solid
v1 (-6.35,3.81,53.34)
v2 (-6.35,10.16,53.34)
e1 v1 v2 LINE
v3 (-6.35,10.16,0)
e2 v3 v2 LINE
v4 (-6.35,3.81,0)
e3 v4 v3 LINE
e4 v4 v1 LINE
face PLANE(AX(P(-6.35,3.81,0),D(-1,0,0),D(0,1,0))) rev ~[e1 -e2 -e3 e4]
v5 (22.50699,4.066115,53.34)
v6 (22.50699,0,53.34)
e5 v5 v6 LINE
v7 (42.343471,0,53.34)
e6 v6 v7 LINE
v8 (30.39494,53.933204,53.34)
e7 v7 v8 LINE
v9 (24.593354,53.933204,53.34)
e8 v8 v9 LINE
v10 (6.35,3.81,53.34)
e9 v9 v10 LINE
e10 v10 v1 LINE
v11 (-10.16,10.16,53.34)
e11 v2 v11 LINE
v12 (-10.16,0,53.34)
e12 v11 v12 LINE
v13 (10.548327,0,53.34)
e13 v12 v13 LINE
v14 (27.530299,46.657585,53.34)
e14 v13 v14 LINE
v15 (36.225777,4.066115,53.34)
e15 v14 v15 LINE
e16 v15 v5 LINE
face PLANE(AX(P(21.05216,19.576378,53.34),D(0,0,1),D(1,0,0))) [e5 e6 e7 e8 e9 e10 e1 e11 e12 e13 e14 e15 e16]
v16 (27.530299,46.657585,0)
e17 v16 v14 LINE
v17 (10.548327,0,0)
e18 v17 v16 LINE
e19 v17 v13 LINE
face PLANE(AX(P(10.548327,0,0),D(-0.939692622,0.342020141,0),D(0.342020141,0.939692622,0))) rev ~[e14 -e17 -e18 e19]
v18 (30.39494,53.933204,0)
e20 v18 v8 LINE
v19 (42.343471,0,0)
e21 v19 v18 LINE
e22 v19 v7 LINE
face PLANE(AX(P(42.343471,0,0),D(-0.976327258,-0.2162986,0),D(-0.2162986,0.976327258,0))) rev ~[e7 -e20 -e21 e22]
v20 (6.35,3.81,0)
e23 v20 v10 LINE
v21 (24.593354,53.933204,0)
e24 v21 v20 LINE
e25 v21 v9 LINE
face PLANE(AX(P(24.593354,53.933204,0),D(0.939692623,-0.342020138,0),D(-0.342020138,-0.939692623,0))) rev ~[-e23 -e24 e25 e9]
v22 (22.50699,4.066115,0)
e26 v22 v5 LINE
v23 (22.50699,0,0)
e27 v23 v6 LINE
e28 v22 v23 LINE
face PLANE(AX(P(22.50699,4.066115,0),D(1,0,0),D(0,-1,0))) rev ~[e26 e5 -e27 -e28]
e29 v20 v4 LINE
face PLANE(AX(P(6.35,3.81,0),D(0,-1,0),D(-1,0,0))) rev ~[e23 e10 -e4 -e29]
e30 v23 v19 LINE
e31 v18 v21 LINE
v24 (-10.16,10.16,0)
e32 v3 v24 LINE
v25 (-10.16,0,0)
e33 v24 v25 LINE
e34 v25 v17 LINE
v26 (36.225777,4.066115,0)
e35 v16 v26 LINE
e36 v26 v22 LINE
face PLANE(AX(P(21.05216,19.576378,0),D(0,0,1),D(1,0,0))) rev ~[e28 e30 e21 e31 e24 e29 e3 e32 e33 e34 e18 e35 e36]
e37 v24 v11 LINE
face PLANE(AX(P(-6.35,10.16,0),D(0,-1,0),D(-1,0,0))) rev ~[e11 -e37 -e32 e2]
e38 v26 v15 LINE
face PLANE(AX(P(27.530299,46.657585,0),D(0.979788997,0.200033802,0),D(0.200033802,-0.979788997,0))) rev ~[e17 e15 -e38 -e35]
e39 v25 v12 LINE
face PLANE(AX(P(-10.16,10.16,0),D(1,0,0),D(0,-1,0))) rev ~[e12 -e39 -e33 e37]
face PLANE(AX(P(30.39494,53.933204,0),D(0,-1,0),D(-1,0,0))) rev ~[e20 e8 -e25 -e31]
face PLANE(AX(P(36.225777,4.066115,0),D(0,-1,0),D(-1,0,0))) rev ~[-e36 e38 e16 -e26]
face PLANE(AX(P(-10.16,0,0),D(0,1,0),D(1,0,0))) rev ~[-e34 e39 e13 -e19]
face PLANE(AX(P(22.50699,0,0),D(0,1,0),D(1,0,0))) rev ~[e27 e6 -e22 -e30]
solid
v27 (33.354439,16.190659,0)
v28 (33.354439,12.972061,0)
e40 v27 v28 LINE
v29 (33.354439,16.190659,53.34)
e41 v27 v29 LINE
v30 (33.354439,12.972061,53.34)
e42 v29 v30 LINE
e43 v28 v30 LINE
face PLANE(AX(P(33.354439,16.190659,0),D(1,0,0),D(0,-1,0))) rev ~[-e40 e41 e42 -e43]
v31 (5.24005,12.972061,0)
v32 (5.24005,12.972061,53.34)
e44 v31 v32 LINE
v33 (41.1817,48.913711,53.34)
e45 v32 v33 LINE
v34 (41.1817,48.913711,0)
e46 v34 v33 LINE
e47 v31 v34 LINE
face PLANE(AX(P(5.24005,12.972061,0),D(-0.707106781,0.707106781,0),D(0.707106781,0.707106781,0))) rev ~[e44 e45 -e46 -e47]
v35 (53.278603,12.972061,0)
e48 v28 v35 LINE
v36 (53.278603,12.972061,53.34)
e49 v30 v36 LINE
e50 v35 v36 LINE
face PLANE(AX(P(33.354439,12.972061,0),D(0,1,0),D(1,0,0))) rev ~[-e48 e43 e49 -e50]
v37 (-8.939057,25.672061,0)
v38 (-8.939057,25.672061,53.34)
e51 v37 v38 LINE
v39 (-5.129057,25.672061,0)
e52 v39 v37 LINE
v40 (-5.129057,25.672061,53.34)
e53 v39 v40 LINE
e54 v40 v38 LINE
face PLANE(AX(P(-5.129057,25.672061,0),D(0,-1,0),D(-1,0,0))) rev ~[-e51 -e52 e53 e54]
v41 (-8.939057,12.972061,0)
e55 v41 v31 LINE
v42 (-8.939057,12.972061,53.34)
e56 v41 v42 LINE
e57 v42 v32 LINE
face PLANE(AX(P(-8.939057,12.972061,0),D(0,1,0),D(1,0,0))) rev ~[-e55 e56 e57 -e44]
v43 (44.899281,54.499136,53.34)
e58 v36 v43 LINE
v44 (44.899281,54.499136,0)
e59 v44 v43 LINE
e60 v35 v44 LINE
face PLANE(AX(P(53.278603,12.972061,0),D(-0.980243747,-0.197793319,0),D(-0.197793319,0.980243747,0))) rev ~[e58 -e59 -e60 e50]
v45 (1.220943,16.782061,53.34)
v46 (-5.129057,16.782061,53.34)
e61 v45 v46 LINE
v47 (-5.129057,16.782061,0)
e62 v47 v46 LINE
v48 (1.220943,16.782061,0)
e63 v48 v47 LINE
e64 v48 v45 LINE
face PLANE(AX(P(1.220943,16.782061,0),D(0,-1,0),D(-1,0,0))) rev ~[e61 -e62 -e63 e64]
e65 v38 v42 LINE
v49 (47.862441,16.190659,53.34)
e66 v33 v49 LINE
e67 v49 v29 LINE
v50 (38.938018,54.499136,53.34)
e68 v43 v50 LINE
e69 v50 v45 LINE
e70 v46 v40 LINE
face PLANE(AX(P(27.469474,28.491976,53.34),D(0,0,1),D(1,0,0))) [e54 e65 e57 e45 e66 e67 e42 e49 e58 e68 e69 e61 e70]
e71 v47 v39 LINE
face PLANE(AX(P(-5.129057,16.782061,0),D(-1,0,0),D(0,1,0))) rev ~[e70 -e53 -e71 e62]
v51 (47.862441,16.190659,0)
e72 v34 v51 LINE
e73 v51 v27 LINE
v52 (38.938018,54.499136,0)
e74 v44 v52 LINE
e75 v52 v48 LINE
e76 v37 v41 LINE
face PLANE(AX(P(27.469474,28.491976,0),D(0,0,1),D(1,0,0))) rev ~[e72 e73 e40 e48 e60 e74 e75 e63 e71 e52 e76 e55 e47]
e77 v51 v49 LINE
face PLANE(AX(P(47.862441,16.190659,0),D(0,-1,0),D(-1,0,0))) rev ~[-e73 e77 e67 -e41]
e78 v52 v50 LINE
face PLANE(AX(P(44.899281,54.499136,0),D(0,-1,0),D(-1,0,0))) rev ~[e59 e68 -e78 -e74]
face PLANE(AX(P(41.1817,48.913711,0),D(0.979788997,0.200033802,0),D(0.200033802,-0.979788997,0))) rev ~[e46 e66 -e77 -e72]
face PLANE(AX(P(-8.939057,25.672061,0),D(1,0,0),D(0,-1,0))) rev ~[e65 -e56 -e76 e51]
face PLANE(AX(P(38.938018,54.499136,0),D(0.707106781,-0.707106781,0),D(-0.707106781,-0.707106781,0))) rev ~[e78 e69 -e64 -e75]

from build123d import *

# Parameters (mm, degrees)
F1_DEPTH = 53.34
F3_DEPTH = 53.34


with BuildPart() as f1:
    # F0 (on Top) → F1 (new body)
    with BuildSketch(Plane.XY):
        Polygon((-10.16, 0), (0, 0), (10.548327, 0), (27.530299, 46.657585), (36.225777, 4.066115), (22.50699, 4.066115), (22.50699, 0), (42.343471, 0), (30.39494, 53.933204), (24.593354, 53.933204), (6.35, 3.81), (0, 3.81), (-6.35, 3.81), (-6.35, 10.16), (-10.16, 10.16), align=None)
    extrude(amount=F1_DEPTH)


with BuildPart() as f3:
    # F2 (on Top) → F3 (new body)
    with BuildSketch(Plane.XY):
        Polygon((-8.939057, 12.972061), (-3.6394, 12.972061), (5.24005, 12.972061), (41.1817, 48.913711), (47.862441, 16.190659), (33.354439, 16.190659), (33.354439, 12.972061), (53.278603, 12.972061), (44.899281, 54.499136), (38.938018, 54.499136), (1.220943, 16.782061), (-1.954057, 16.782061), (-5.129057, 16.782061), (-5.129057, 25.672061), (-8.939057, 25.672061), align=None)
    extrude(amount=F3_DEPTH)


solid = Compound([f1.part, f3.part])
